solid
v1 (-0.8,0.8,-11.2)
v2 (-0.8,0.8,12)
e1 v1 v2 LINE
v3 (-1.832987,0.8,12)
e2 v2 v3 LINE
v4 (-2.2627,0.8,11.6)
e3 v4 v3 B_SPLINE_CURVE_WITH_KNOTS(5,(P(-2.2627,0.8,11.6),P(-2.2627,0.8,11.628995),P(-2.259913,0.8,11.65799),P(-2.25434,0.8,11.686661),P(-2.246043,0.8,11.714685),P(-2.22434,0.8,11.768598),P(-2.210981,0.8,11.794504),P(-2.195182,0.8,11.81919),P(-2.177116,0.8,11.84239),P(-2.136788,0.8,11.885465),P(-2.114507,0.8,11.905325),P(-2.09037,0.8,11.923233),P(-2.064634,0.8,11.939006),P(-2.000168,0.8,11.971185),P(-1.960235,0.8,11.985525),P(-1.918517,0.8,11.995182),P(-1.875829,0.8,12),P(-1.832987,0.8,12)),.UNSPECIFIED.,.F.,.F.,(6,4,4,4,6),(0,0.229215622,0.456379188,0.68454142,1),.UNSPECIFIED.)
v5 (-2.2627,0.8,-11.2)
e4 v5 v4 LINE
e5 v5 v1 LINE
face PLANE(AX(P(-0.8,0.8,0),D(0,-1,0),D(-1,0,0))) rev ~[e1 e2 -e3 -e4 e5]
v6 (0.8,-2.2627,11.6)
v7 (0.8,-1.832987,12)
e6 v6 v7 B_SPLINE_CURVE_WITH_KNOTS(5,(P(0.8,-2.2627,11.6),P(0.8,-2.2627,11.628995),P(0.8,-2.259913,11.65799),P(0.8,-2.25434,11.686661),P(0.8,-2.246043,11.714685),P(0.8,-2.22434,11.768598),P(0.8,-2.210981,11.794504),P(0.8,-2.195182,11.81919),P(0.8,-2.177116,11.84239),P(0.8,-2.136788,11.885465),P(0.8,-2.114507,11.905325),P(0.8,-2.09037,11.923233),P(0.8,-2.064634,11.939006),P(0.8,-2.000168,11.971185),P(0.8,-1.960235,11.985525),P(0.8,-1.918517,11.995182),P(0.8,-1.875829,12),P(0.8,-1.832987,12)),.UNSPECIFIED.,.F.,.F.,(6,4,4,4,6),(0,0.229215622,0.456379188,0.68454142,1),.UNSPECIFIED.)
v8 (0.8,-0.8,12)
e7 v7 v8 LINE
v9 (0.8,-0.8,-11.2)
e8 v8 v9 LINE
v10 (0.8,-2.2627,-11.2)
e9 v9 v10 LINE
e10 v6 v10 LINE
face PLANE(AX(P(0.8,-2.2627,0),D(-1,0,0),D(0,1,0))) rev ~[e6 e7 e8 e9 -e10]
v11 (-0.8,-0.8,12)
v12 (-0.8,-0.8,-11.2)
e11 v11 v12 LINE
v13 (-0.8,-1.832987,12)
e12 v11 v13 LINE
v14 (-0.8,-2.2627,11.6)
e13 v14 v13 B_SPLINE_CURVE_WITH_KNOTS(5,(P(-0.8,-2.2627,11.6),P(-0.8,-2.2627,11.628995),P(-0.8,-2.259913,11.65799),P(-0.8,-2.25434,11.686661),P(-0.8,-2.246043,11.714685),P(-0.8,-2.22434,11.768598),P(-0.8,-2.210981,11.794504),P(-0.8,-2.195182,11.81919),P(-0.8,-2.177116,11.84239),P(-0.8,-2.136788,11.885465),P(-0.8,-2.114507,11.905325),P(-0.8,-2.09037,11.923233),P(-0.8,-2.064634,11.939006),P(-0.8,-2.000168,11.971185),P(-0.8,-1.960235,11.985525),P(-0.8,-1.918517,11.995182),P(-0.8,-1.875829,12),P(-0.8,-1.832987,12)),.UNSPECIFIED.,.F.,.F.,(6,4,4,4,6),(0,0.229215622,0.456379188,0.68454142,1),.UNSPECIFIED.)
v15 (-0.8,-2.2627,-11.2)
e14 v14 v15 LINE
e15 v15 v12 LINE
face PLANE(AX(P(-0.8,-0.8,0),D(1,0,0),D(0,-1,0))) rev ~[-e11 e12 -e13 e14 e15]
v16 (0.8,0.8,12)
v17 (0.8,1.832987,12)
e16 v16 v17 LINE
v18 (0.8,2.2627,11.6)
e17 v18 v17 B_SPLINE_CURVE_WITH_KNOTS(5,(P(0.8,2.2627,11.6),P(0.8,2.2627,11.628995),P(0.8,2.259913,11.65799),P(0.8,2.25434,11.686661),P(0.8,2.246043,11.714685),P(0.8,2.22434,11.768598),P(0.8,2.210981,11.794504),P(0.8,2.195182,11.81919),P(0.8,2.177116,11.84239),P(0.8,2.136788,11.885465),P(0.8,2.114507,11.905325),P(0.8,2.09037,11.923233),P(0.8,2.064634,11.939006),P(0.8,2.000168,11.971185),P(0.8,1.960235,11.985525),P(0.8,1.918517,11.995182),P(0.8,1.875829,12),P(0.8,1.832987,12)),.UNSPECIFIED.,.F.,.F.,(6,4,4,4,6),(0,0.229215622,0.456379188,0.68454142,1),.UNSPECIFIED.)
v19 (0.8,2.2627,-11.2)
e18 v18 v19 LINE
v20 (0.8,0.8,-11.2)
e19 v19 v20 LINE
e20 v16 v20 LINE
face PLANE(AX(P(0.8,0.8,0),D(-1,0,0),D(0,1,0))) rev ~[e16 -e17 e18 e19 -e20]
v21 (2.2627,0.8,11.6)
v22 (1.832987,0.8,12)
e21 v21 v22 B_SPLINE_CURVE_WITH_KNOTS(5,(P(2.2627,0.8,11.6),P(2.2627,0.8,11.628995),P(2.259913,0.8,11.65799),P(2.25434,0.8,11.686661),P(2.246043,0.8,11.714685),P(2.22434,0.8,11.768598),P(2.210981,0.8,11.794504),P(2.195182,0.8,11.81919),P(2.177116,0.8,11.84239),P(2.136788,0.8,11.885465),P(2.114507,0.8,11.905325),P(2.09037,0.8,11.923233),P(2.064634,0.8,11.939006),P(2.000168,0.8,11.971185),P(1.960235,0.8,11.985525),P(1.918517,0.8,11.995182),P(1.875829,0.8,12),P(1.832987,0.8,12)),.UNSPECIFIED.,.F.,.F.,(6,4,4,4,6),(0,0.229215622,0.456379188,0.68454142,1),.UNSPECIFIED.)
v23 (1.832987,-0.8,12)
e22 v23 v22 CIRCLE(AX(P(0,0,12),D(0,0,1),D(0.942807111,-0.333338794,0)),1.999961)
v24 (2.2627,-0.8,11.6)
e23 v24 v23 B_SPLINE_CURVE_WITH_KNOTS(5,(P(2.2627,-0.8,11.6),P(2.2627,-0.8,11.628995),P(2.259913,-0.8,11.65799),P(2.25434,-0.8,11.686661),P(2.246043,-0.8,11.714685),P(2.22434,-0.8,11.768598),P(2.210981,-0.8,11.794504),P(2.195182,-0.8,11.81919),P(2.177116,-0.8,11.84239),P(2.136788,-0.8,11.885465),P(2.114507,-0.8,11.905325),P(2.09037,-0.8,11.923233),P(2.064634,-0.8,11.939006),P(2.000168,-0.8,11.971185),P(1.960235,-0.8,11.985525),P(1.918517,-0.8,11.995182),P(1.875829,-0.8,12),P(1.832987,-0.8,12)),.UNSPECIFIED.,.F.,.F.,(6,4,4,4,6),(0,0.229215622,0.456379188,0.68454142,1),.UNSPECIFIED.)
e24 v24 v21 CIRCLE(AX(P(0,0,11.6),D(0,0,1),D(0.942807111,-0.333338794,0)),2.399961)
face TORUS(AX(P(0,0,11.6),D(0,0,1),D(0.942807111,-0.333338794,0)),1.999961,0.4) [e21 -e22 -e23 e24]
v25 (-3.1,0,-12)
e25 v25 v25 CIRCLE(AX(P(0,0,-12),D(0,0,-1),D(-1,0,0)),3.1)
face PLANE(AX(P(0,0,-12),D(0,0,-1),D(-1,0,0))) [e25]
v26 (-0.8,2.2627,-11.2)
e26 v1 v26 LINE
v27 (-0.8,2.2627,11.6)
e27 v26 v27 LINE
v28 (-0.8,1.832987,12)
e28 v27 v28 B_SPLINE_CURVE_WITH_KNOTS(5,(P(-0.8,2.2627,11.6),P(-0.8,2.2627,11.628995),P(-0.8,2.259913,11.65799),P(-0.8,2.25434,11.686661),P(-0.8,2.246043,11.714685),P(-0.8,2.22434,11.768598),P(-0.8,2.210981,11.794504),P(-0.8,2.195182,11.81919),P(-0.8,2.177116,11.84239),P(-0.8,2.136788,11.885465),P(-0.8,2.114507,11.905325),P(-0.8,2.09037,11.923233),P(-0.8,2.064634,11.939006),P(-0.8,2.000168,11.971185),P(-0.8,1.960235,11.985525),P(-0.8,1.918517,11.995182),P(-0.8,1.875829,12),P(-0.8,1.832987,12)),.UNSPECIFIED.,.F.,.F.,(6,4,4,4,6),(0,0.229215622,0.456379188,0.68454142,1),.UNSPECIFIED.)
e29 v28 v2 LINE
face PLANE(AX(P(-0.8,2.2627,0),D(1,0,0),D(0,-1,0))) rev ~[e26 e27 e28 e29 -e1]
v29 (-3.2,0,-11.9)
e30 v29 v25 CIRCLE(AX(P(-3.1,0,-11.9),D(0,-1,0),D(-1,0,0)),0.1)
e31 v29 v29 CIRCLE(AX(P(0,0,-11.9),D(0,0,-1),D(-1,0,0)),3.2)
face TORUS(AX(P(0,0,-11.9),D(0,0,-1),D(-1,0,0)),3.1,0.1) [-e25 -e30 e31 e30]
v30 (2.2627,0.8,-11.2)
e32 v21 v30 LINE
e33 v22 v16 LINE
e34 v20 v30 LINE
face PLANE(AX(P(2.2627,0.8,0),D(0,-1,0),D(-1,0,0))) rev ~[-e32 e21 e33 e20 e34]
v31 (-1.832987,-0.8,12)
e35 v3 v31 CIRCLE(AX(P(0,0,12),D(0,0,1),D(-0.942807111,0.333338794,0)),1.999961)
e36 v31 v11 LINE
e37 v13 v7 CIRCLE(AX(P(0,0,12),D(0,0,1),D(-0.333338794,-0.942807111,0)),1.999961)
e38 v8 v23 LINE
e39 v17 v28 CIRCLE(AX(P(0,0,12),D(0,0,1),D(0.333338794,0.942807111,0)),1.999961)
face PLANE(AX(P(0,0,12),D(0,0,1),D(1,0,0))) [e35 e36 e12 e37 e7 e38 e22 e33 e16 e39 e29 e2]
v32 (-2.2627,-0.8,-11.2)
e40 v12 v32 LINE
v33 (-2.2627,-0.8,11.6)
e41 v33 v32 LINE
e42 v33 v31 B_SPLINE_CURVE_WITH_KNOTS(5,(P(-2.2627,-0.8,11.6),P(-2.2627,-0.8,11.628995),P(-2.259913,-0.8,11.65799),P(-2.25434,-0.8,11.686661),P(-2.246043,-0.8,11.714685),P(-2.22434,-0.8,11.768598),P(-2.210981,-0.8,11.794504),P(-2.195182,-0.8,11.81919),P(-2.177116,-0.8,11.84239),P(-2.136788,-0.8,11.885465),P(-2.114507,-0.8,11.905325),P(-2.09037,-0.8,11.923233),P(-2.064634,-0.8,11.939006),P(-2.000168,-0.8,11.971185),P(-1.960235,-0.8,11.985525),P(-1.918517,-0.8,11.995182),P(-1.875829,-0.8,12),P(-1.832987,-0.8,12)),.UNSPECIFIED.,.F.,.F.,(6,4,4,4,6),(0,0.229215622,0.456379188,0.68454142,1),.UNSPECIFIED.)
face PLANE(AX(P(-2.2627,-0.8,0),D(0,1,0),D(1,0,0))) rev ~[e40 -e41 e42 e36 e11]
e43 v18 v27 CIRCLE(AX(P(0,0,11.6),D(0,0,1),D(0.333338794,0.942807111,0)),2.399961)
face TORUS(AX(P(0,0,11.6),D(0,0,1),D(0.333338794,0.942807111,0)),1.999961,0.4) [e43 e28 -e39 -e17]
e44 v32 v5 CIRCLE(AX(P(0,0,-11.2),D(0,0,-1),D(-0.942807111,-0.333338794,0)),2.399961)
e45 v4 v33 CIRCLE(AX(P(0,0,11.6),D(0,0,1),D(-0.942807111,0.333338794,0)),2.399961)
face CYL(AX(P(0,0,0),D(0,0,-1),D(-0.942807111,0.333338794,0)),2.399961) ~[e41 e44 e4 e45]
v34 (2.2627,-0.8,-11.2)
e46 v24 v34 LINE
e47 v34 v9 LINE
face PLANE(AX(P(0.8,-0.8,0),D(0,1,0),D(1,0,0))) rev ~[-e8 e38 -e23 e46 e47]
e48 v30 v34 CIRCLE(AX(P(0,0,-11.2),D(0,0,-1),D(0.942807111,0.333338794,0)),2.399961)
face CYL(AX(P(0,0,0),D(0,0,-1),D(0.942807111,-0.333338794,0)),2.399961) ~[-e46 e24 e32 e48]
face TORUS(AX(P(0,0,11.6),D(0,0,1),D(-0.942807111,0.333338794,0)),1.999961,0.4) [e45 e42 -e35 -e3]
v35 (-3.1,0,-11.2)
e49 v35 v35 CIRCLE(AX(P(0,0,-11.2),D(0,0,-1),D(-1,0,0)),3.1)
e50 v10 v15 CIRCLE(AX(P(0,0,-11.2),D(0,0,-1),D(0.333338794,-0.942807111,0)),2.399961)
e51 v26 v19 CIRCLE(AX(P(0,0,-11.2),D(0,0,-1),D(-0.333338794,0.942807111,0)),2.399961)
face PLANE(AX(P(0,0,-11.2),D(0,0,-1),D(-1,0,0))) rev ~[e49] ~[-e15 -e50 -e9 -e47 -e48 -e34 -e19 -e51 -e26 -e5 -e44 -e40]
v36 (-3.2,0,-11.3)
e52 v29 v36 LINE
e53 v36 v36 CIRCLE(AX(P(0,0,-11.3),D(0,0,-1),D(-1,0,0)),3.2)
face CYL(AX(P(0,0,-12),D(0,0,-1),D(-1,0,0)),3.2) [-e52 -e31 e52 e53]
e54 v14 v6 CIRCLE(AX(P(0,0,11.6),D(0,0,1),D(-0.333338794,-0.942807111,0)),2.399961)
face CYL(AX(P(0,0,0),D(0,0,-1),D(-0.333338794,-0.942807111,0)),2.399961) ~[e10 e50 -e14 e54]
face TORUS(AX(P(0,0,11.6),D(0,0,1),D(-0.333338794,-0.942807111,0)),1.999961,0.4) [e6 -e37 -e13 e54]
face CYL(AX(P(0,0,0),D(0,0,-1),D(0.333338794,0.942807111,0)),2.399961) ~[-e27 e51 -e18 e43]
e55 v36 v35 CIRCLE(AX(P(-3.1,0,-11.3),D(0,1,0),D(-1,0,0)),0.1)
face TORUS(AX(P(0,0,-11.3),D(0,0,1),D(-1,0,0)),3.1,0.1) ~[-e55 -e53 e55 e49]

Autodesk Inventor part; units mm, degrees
ref_plane "YZ Plane" through (0, 0, 0) normal (1, 0, 0) x (0, 1, 0)
ref_plane "XZ Plane" through (0, 0, 0) normal (0, 1, 0) x (-1, 0, 0)
ref_plane "XY Plane" through (0, 0, 0) normal (0, 0, 1) x (1, 0, 0)
sketch "Sketch1" plane through (0, 0, 0) normal (0, 0, 1) x (1, 0, 0)
  circle A0 centre (0, 0) radius 2.4 construction
  line L0 (-0.8, 2.2627) -> (-0.8, 0.8)
  line L1 (-0.8, 0.8) -> (-2.2627, 0.8)
  line L2 (-2.2627, -0.8) -> (-0.8, -0.8)
  line L3 (-0.8, -0.8) -> (-0.8, -2.2627)
  line L4 (0.8, -2.2627) -> (0.8, -0.8)
  line L5 (0.8, -0.8) -> (2.2627, -0.8)
  line L6 (2.2627, 0.8) -> (0.8, 0.8)
  line L7 (0.8, 0.8) -> (0.8, 2.2627)
  arc A1 (0.8, 2.2627) -> (-0.8, 2.2627) centre (0, 0) ccw
  arc A2 (-2.2627, 0.8) -> (-2.2627, -0.8) centre (0, 0) ccw
  arc A3 (-0.8, -2.2627) -> (0.8, -2.2627) centre (0, 0) ccw
  arc A4 (2.2627, -0.8) -> (2.2627, 0.8) centre (0, 0) ccw
  dimension "d0" = 4.8
  dimension "d1" = 1.6
extrude "Extrusion1" add sketch "Sketch1" along normal mid plane 24
sketch "Sketch2" plane through (0, 0, -12) normal (0, 0, -1) x (-1, 0, 0)
  line L0 (0.8, 0.8) -> (0.8, 2.2627) projected
  arc A0 (0.8, 2.2627) -> (-0.8, 2.2627) centre (0, 0) ccw projected
  line L1 (-0.8, 2.2627) -> (-0.8, 0.8) projected
  line L2 (-0.8, 0.8) -> (-2.2627, 0.8) projected
  arc A1 (-2.2627, 0.8) -> (-2.2627, -0.8) centre (0, 0) ccw projected
  line L3 (-2.2627, -0.8) -> (-0.8, -0.8) projected
  line L4 (-0.8, -0.8) -> (-0.8, -2.2627) projected
  arc A2 (-0.8, -2.2627) -> (0.8, -2.2627) centre (0, 0) ccw projected
  line L5 (0.8, -2.2627) -> (0.8, -0.8) projected
  line L6 (0.8, -0.8) -> (2.2627, -0.8) projected
  arc A3 (2.2627, -0.8) -> (2.2627, 0.8) centre (0, 0) ccw projected
  line L7 (2.2627, 0.8) -> (0.8, 0.8) projected
  circle A4 centre (0, 0) radius 3.2
  dimension "d7" = 6.4
extrude "Extrusion2" add sketch "Sketch2" against normal blind 0.8
fillet "Fillet1" radius 0.4 4 edges at (0, 2.4, 12) (-2.4, 0, 12) (0, -2.4, 12) (2.4, 0, 12)
fillet "Fillet1" radius 0.1 2 edges at (3.2, 0, -11.2) (3.2, 0, -12)
equation "\"d0\" = kd"
equation "\"d1\" = axlet"
equation "\"d2\" = 3 * lu"
equation "\"d7\" = tsd"
equation "\"d8\" = tsl"
equation "\"d4\" = tf"
equation "\"d10\" = lf"
equation "\"kd\" = 4.8"
equation "\"axlet\" = 1.6"
equation "\"lu\" = 8"
equation "\"tsd\" = 6.4"
equation "\"tsl\" = 0.8"
equation "\"tf\" = 0.4"
equation "\"lf\" = 0.1"
properties part number "24316-ReddishBrown" material "ABS Plastic"
